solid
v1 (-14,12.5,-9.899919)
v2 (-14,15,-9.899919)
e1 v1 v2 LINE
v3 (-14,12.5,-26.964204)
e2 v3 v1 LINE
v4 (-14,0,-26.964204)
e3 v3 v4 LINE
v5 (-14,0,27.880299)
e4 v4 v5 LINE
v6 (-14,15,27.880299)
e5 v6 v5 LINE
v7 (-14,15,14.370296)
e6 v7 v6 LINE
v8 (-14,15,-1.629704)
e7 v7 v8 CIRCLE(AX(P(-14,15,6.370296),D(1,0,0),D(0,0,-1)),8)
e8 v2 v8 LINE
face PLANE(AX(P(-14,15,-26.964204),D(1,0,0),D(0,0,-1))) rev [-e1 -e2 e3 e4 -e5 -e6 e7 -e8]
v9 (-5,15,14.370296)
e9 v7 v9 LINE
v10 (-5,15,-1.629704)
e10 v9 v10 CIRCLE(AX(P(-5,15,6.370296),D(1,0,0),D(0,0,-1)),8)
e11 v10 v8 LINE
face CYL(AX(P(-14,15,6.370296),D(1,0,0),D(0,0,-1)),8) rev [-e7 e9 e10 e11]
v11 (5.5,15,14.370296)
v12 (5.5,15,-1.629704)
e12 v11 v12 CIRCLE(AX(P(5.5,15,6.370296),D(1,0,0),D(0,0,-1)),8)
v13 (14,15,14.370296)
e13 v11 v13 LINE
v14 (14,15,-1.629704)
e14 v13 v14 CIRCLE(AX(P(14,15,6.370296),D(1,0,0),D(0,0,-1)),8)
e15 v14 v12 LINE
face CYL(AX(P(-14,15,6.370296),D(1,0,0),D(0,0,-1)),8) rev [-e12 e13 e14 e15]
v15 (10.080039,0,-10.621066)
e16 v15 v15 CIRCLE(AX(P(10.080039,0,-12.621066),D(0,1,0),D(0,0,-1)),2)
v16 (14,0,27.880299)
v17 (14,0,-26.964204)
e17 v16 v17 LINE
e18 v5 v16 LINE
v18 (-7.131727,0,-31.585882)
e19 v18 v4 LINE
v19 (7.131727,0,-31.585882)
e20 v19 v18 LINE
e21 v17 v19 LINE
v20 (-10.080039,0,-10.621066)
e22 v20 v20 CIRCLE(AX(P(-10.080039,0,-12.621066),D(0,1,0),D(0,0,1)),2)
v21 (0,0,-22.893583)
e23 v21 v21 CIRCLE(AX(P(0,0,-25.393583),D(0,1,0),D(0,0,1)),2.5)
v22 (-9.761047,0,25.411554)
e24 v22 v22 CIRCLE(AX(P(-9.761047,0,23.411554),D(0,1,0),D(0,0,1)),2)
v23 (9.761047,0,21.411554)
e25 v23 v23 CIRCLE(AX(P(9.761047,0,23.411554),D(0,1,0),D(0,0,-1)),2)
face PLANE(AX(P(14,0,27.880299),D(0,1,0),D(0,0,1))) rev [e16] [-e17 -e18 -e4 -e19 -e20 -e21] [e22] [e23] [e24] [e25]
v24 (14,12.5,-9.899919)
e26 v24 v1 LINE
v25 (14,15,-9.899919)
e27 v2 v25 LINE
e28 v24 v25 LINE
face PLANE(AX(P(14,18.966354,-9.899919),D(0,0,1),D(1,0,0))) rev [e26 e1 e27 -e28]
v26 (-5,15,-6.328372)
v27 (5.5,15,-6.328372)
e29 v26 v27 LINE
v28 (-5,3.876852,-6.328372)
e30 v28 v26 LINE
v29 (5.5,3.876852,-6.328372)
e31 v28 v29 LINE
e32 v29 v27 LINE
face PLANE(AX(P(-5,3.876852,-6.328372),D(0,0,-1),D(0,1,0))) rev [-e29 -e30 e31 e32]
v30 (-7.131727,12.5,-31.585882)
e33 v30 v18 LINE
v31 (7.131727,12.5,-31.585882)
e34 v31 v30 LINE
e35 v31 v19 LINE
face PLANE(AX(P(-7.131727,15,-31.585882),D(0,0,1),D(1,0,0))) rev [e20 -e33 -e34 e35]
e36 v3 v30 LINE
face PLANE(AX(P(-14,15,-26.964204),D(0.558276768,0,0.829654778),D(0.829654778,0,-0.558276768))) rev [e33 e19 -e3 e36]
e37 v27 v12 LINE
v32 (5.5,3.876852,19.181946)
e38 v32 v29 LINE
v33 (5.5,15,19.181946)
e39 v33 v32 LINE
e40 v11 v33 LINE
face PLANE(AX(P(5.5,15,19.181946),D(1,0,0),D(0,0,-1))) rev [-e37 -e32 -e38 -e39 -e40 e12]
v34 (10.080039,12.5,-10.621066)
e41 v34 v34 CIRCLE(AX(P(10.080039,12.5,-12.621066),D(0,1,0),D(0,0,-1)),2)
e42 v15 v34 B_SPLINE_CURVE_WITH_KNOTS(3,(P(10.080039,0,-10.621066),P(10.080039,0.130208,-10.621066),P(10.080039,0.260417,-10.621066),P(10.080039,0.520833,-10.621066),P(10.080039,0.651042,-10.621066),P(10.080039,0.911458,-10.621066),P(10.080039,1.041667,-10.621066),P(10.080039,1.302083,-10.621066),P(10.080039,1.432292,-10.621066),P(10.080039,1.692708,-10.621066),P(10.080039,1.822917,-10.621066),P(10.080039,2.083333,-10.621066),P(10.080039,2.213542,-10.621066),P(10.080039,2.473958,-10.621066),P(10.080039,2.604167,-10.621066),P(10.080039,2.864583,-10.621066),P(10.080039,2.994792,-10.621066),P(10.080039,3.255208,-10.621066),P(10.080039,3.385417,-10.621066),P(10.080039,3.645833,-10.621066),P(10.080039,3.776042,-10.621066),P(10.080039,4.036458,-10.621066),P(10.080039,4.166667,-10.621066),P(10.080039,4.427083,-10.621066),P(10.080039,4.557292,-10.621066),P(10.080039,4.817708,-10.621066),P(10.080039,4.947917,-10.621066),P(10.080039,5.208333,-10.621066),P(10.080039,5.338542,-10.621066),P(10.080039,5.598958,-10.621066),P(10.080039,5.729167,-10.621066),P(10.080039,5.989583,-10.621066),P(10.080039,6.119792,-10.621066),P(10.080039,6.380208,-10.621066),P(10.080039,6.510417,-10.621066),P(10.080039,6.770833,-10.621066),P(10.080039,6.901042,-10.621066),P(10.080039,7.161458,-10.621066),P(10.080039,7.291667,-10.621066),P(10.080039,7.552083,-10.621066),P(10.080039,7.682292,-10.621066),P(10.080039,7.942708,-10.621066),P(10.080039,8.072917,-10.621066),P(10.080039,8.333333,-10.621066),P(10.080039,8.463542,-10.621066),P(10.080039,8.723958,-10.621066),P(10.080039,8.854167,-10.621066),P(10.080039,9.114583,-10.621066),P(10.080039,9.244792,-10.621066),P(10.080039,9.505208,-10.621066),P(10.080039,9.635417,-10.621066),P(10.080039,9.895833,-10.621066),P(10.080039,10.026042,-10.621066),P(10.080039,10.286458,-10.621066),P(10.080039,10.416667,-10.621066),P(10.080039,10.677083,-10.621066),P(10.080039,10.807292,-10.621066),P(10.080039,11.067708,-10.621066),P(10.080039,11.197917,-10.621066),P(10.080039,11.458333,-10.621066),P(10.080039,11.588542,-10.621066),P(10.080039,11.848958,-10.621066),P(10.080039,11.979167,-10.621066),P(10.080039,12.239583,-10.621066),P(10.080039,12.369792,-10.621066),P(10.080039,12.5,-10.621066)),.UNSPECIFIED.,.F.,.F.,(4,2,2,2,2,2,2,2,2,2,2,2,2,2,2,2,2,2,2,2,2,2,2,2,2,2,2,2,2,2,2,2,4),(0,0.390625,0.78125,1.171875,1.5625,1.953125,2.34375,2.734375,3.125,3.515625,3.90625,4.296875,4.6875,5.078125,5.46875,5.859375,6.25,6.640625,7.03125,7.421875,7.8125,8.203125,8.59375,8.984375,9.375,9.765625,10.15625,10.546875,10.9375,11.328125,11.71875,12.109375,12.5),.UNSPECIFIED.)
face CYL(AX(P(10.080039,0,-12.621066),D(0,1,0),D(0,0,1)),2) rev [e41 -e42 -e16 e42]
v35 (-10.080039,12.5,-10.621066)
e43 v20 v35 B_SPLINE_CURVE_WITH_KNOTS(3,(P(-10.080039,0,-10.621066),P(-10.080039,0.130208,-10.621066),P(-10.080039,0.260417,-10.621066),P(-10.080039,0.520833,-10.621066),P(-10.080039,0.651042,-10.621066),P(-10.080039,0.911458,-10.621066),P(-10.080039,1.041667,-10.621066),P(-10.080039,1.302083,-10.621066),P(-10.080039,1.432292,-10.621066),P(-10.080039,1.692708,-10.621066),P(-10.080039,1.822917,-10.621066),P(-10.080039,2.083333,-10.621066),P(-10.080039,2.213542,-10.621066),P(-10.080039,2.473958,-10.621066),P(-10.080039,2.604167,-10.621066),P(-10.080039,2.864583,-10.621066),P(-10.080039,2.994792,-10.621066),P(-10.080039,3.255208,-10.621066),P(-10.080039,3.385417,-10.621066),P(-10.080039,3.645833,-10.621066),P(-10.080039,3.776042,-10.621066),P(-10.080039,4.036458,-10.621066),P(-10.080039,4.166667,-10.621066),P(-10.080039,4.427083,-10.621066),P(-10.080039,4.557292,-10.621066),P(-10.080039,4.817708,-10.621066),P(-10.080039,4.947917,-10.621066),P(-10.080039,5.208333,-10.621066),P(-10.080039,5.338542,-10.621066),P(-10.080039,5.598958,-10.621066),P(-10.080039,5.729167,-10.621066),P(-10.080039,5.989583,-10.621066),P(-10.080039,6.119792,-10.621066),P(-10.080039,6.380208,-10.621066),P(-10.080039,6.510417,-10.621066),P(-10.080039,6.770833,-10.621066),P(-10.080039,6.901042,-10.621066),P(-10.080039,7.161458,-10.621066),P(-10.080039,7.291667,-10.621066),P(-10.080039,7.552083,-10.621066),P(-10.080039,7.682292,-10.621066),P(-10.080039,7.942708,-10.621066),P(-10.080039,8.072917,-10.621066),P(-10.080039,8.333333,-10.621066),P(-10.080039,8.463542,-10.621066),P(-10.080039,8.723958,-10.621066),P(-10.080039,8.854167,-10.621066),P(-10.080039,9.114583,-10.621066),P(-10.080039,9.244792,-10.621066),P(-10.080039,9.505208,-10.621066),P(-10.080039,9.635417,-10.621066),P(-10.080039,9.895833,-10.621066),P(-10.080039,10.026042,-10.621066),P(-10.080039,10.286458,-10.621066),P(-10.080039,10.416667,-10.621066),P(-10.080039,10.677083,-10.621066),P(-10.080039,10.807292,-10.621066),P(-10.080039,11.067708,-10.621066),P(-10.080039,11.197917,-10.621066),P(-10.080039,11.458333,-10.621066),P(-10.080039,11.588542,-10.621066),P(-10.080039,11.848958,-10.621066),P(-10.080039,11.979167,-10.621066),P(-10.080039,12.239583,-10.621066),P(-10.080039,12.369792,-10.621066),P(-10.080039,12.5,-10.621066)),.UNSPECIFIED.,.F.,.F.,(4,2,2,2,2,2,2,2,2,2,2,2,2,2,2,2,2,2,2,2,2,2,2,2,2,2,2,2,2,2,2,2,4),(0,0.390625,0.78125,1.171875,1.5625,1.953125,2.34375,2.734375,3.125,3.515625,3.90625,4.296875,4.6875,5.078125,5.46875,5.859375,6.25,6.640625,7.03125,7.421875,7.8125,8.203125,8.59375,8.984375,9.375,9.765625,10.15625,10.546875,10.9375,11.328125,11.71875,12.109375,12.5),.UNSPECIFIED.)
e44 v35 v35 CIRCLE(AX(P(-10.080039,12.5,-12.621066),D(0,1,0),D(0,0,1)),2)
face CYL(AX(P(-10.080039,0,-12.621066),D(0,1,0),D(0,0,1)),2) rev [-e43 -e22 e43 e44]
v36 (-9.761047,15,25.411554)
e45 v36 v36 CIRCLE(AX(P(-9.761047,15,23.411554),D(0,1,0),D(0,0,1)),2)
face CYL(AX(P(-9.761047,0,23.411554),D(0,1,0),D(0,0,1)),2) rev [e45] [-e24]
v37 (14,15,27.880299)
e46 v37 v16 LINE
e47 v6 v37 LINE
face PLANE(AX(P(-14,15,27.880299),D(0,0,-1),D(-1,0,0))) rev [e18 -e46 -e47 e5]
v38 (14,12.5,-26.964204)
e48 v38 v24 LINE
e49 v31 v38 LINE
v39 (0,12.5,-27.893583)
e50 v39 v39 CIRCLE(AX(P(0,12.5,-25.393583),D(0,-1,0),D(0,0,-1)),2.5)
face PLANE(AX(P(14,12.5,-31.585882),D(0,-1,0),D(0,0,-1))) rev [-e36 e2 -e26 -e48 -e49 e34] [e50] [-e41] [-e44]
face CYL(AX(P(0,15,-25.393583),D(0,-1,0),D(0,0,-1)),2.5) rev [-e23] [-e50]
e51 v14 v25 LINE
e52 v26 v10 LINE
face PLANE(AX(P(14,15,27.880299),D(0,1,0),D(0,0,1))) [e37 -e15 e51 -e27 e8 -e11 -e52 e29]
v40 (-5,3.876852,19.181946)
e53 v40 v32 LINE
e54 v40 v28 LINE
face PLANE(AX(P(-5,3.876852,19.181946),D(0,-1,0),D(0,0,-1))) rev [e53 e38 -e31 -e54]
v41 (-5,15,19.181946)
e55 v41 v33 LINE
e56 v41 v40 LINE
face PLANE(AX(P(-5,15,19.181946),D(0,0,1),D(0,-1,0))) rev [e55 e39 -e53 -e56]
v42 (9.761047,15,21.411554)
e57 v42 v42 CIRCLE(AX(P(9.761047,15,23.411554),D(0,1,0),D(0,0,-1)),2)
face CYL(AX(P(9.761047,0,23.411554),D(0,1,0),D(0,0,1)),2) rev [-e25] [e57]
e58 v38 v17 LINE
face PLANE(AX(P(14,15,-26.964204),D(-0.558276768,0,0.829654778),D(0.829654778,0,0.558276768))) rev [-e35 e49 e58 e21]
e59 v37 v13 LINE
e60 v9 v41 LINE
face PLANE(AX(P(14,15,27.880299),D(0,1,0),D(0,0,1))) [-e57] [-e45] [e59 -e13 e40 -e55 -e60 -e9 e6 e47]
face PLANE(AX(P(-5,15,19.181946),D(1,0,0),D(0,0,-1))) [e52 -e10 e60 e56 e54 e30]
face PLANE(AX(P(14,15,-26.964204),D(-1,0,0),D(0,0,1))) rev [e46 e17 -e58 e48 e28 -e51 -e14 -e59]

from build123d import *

# Parameters (mm, degrees)
SKETCH_1_R            = 2.5
EXTRUDE_1_DEPTH       = 15
CUT_EXTRUDE_START     = -8.5
SKETCH_4_W            = 25.510318362
SKETCH_4_H            = 11.123148158
CUT_EXTRUDE_1_DEPTH   = 10.5
SKETCH_5_R            = 8
CUT_EXTRUDE_2_DEPTH   = 45.795847434
SKETCH_6_R            = 2
CUT_EXTRUDE_3_DEPTH   = 38.665208712
SKETCH_7_W            = 21.685962805
SKETCH_7_H            = 6.466354348
CUT_EXTRUDE_2_2_DEPTH = 45.795847434
SKETCH_8_R            = 2
CUT_EXTRUDE_4_DEPTH   = 37.741229529


with BuildPart() as part:
    # Эскиз1 → Вытянуть1 (new body)
    with BuildSketch(Plane(origin=(0, 0, 0), x_dir=(1, 0, 0), z_dir=(0, 1, 0))):
        Polygon((14, 26.964204166), (7.131727139, 31.585882089), (-7.131727139, 31.585882089), (-14, 26.964204166), (-14, -27.88029884), (14, -27.88029884), align=None)
        with Locations(Location((0, 25.393583102, 0), (0, 0, 270))):
            Circle(SKETCH_1_R, mode=Mode.SUBTRACT)
    extrude(amount=EXTRUDE_1_DEPTH)

    # Эскиз4 → Вырез-Вытянуть1 (cut)
    with BuildSketch(Plane(origin=(14, 0, 0), x_dir=(0, 0, -1), z_dir=(1, 0, 0)).offset(CUT_EXTRUDE_START)):
        with Locations((-6.426786787, 9.438425921)):
            Rectangle(SKETCH_4_W, SKETCH_4_H)
    extrude(amount=-CUT_EXTRUDE_1_DEPTH, mode=Mode.SUBTRACT)

    # Эскиз5 → Cut-Extrude 2 (cut, through all)
    with BuildSketch(Plane(origin=(14, 0, 0), x_dir=(0, 0, -1), z_dir=(1, 0, 0))):
        with Locations((-6.37029618, 15)):
            Circle(SKETCH_5_R)
    extrude(amount=-CUT_EXTRUDE_2_DEPTH, mode=Mode.SUBTRACT)

    # Эскиз6 → Вытянуть3 (cut, through all)
    with BuildSketch(Plane(origin=(0, 15, 0), x_dir=(1, 0, 0), z_dir=(0, 1, 0))):
        with Locations(Location((-9.761047482, -23.411554498, 0), (0, 0, 270))):
            Circle(SKETCH_6_R)
        with Locations(Location((9.761047482, -23.411554498, 0), (0, 0, 90))):
            Circle(SKETCH_6_R)
    extrude(amount=-CUT_EXTRUDE_3_DEPTH, mode=Mode.SUBTRACT)

    # Эскиз7 → Cut-Extrude 2 2 (cut, through all)
    with BuildSketch(Plane.ZY.offset(14)):
        with Locations((-20.742900687, 15.733177174)):
            Rectangle(SKETCH_7_W, SKETCH_7_H)
    extrude(amount=-CUT_EXTRUDE_2_2_DEPTH, mode=Mode.SUBTRACT)

    # Эскиз8 → Вытянуть4 (cut, through all)
    with BuildSketch(Plane(origin=(0, 12.5, 0), x_dir=(1, 0, 0), z_dir=(0, 1, 0))):
        with Locations(Location((-10.080038917, 12.621065786, 0), (0, 0, 270))):
            Circle(SKETCH_8_R)
        with Locations(Location((10.080038917, 12.621065786, 0), (0, 0, 270))):
            Circle(SKETCH_8_R)
    extrude(amount=-CUT_EXTRUDE_4_DEPTH, mode=Mode.SUBTRACT)


solid = part.part
